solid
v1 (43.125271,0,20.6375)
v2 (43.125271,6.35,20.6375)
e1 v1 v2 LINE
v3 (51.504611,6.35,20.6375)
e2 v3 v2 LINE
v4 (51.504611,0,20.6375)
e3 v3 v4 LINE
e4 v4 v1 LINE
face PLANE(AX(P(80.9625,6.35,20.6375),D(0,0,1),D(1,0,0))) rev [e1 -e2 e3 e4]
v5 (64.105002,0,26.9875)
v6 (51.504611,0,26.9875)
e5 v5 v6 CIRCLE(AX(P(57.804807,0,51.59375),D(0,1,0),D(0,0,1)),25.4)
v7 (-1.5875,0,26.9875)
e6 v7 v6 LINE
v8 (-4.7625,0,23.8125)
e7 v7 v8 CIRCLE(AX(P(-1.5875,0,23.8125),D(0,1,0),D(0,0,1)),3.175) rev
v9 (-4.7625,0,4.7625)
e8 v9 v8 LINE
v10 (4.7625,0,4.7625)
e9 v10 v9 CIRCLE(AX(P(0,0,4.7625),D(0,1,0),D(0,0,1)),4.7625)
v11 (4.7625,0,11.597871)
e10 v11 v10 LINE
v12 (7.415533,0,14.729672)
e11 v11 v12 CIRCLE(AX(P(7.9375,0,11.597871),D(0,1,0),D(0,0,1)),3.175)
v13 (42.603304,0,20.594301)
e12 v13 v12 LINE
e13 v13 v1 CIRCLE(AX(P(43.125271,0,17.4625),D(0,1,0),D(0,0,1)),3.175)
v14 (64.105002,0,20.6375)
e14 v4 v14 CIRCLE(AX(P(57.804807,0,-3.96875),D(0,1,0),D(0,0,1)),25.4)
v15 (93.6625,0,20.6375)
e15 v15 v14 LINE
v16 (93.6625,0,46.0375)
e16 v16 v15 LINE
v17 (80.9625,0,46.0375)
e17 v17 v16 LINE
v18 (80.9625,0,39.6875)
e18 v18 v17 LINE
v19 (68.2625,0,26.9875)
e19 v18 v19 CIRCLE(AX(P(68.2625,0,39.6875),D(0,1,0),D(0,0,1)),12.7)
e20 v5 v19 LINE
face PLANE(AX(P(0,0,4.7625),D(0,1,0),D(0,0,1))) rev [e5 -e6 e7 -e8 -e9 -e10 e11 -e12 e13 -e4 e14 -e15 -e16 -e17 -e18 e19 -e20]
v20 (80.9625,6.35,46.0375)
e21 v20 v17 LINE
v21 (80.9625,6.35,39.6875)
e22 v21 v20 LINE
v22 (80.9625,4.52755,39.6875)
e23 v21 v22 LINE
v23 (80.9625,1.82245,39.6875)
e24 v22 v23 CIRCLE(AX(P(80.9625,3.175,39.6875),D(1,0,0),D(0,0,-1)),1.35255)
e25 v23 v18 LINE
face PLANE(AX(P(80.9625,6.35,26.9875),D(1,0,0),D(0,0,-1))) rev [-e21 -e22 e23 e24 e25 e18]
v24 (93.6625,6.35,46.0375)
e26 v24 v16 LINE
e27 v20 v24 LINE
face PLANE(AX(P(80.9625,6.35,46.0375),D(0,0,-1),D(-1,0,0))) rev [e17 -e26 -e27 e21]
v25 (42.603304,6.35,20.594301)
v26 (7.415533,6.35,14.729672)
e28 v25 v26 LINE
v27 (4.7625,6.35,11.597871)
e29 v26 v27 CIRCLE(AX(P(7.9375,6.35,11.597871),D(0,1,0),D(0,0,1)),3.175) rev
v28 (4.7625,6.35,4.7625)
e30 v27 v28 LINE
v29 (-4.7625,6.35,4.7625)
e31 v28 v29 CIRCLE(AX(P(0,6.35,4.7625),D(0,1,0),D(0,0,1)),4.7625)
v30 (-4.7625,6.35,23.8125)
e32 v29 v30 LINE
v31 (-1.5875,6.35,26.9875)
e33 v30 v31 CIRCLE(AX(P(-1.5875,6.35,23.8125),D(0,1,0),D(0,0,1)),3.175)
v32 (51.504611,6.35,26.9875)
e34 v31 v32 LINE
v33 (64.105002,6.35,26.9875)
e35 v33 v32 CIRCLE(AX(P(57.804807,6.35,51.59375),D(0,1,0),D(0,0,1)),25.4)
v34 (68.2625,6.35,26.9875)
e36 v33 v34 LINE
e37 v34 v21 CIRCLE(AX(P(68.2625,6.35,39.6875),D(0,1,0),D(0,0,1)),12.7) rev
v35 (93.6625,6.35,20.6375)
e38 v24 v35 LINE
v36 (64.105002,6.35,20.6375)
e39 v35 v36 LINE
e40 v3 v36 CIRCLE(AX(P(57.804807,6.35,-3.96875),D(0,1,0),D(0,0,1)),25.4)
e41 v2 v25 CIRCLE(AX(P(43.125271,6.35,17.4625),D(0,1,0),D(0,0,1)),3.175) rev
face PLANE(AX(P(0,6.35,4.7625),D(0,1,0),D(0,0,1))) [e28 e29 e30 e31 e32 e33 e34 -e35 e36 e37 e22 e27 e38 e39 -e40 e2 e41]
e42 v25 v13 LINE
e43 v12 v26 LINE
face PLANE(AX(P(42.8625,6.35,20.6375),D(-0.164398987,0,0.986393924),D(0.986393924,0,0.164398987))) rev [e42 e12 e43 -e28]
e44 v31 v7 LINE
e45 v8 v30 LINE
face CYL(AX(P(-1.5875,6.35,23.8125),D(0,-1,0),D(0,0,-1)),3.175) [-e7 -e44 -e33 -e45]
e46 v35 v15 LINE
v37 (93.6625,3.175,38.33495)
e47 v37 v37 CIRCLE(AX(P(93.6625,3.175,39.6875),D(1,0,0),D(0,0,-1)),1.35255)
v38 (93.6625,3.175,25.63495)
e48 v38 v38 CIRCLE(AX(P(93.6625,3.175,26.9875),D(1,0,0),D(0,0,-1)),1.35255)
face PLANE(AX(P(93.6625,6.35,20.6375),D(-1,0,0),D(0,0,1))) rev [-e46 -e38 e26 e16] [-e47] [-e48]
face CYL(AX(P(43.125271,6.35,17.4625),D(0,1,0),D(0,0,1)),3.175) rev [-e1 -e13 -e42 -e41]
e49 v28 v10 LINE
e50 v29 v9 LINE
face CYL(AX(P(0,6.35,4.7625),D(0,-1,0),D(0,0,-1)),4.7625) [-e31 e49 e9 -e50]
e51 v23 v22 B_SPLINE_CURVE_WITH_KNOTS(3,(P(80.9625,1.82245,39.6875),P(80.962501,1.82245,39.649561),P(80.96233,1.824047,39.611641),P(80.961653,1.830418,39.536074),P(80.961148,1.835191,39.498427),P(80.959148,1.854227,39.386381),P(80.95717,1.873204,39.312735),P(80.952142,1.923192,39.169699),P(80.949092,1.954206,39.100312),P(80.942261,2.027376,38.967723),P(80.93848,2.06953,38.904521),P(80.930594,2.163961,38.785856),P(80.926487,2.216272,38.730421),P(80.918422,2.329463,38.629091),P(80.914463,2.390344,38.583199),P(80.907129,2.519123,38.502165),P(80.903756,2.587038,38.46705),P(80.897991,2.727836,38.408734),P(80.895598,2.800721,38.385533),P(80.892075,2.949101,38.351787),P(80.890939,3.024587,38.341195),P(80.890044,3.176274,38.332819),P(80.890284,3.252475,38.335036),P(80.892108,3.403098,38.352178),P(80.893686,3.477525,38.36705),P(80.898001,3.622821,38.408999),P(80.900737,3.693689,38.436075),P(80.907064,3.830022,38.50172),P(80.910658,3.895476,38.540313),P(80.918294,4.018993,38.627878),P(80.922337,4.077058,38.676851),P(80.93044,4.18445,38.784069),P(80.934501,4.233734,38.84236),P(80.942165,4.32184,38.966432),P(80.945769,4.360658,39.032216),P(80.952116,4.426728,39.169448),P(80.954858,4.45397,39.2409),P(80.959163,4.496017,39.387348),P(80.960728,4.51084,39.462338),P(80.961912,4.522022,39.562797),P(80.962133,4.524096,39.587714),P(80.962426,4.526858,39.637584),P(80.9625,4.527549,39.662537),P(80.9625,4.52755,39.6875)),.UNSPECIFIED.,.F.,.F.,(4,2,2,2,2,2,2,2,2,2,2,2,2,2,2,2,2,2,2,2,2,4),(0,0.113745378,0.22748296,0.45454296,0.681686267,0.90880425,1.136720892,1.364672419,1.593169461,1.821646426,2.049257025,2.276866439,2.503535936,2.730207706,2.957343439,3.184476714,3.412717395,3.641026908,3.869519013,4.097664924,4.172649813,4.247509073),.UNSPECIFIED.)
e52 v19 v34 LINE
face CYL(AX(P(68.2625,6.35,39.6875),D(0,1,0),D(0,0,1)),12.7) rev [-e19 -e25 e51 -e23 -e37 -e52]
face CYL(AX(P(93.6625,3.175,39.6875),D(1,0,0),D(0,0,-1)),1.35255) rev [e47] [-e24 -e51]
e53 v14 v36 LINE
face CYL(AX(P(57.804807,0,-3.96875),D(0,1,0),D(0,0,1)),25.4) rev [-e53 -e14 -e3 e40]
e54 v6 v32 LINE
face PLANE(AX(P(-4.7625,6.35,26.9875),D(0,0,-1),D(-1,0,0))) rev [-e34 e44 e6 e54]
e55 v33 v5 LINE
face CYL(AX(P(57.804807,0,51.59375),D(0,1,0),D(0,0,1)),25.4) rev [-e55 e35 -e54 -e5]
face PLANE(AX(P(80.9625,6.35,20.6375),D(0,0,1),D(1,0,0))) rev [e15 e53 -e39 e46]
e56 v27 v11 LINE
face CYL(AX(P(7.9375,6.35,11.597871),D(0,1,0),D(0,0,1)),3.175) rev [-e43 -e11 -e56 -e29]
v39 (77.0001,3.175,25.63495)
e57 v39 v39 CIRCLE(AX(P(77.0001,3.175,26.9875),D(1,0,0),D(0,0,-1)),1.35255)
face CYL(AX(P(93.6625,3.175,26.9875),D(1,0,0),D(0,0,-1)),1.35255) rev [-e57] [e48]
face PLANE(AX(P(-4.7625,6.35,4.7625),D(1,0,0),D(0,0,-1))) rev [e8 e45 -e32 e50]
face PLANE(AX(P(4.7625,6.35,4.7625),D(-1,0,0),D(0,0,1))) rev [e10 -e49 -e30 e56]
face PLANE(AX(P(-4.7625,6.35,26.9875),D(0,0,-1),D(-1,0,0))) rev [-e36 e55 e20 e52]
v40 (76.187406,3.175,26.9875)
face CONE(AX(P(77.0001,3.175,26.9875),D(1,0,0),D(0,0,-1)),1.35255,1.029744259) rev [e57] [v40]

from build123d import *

# Parameters (mm, degrees)
BOSS_EXTRUDE1_DEPTH       = 6.35
FILLET1_R                 = 3.175
FILLET2_R                 = 12.7
F_6_32_TAPPED_HOLE1_D     = 2.7051
F_6_32_TAPPED_HOLE1_DEPTH = 16.6624
F_6_32_TAPPED_HOLE1_TIP   = 0.81269403
CUT_EXTRUDE1_DEPTH        = 7.3500001


with BuildPart() as part:
    # Sketch1 → Boss-Extrude1 (new body)
    with BuildSketch(Plane(origin=(0, 0, 0), x_dir=(1, 0, 0), z_dir=(0, 1, 0))):
        with BuildLine():
            Line((4.7625, -4.7625), (4.7625, -14.2875))
            Line((4.7625, -14.2875), (42.8625, -20.6375))
            Line((42.8625, -20.6375), (80.9625, -20.6375))
            Line((80.9625, -20.6375), (93.6625, -20.6375))
            Line((93.6625, -20.6375), (93.6625, -46.0375))
            Line((93.6625, -46.0375), (80.9625, -46.0375))
            Line((80.9625, -46.0375), (80.9625, -26.9875))
            Line((80.9625, -26.9875), (-4.7625, -26.9875))
            Line((-4.7625, -26.9875), (-4.7625, -4.7625))
            ThreePointArc((-4.7625, -4.7625), (0, 0), (4.7625, -4.7625))
        make_face()
    extrude(amount=BOSS_EXTRUDE1_DEPTH)

    # Fillet1
    fillet1_edges = [part.edges().sort_by_distance(p)[0] for p in [
        (42.8625, 3.175, 20.6375),
        (-4.7625, 3.175, 26.9875),
        (4.7625, 3.175, 14.2875),
    ]]
    fillet(fillet1_edges, radius=FILLET1_R)

    # Fillet2
    fillet2_edges = [part.edges().sort_by_distance(p)[0] for p in [
        (80.9625, 3.175, 26.9875),
    ]]
    fillet(fillet2_edges, radius=FILLET2_R)

    # #6-32 Tapped Hole1
    with Locations(Plane(origin=(93.6625, 0, 0), x_dir=(0, 0, -1), z_dir=(1, 0, 0))):
        with Locations((-39.6875, 3.175), (-26.9875, 3.175)):
            Hole(F_6_32_TAPPED_HOLE1_D / 2, depth=F_6_32_TAPPED_HOLE1_DEPTH)
            with Locations((0, 0, -(F_6_32_TAPPED_HOLE1_DEPTH + F_6_32_TAPPED_HOLE1_TIP / 2))):  # 118° drill point
                Cone(0, F_6_32_TAPPED_HOLE1_D / 2, F_6_32_TAPPED_HOLE1_TIP, mode=Mode.SUBTRACT)

    # Sketch4 → Cut-Extrude1 (cut, through all)
    with BuildSketch(Plane(origin=(0, 6.35, 0), x_dir=(1, 0, 0), z_dir=(0, 1, 0))):
        with BuildLine():
            Line((40.779910828, -32.744004197), (74.829702789, -32.744004197))
            ThreePointArc((74.829702789, -32.744004197), (57.804806809, -26.19375), (40.779910828, -32.744004197))
        make_face()
        with BuildLine():
            Line((40.610356343, -14.726459899), (74.999257275, -14.726459899))
            ThreePointArc((74.999257275, -14.726459899), (57.804806809, -21.43125), (40.610356343, -14.726459899))
        make_face()
    extrude(amount=-CUT_EXTRUDE1_DEPTH, mode=Mode.SUBTRACT)


solid = part.part
